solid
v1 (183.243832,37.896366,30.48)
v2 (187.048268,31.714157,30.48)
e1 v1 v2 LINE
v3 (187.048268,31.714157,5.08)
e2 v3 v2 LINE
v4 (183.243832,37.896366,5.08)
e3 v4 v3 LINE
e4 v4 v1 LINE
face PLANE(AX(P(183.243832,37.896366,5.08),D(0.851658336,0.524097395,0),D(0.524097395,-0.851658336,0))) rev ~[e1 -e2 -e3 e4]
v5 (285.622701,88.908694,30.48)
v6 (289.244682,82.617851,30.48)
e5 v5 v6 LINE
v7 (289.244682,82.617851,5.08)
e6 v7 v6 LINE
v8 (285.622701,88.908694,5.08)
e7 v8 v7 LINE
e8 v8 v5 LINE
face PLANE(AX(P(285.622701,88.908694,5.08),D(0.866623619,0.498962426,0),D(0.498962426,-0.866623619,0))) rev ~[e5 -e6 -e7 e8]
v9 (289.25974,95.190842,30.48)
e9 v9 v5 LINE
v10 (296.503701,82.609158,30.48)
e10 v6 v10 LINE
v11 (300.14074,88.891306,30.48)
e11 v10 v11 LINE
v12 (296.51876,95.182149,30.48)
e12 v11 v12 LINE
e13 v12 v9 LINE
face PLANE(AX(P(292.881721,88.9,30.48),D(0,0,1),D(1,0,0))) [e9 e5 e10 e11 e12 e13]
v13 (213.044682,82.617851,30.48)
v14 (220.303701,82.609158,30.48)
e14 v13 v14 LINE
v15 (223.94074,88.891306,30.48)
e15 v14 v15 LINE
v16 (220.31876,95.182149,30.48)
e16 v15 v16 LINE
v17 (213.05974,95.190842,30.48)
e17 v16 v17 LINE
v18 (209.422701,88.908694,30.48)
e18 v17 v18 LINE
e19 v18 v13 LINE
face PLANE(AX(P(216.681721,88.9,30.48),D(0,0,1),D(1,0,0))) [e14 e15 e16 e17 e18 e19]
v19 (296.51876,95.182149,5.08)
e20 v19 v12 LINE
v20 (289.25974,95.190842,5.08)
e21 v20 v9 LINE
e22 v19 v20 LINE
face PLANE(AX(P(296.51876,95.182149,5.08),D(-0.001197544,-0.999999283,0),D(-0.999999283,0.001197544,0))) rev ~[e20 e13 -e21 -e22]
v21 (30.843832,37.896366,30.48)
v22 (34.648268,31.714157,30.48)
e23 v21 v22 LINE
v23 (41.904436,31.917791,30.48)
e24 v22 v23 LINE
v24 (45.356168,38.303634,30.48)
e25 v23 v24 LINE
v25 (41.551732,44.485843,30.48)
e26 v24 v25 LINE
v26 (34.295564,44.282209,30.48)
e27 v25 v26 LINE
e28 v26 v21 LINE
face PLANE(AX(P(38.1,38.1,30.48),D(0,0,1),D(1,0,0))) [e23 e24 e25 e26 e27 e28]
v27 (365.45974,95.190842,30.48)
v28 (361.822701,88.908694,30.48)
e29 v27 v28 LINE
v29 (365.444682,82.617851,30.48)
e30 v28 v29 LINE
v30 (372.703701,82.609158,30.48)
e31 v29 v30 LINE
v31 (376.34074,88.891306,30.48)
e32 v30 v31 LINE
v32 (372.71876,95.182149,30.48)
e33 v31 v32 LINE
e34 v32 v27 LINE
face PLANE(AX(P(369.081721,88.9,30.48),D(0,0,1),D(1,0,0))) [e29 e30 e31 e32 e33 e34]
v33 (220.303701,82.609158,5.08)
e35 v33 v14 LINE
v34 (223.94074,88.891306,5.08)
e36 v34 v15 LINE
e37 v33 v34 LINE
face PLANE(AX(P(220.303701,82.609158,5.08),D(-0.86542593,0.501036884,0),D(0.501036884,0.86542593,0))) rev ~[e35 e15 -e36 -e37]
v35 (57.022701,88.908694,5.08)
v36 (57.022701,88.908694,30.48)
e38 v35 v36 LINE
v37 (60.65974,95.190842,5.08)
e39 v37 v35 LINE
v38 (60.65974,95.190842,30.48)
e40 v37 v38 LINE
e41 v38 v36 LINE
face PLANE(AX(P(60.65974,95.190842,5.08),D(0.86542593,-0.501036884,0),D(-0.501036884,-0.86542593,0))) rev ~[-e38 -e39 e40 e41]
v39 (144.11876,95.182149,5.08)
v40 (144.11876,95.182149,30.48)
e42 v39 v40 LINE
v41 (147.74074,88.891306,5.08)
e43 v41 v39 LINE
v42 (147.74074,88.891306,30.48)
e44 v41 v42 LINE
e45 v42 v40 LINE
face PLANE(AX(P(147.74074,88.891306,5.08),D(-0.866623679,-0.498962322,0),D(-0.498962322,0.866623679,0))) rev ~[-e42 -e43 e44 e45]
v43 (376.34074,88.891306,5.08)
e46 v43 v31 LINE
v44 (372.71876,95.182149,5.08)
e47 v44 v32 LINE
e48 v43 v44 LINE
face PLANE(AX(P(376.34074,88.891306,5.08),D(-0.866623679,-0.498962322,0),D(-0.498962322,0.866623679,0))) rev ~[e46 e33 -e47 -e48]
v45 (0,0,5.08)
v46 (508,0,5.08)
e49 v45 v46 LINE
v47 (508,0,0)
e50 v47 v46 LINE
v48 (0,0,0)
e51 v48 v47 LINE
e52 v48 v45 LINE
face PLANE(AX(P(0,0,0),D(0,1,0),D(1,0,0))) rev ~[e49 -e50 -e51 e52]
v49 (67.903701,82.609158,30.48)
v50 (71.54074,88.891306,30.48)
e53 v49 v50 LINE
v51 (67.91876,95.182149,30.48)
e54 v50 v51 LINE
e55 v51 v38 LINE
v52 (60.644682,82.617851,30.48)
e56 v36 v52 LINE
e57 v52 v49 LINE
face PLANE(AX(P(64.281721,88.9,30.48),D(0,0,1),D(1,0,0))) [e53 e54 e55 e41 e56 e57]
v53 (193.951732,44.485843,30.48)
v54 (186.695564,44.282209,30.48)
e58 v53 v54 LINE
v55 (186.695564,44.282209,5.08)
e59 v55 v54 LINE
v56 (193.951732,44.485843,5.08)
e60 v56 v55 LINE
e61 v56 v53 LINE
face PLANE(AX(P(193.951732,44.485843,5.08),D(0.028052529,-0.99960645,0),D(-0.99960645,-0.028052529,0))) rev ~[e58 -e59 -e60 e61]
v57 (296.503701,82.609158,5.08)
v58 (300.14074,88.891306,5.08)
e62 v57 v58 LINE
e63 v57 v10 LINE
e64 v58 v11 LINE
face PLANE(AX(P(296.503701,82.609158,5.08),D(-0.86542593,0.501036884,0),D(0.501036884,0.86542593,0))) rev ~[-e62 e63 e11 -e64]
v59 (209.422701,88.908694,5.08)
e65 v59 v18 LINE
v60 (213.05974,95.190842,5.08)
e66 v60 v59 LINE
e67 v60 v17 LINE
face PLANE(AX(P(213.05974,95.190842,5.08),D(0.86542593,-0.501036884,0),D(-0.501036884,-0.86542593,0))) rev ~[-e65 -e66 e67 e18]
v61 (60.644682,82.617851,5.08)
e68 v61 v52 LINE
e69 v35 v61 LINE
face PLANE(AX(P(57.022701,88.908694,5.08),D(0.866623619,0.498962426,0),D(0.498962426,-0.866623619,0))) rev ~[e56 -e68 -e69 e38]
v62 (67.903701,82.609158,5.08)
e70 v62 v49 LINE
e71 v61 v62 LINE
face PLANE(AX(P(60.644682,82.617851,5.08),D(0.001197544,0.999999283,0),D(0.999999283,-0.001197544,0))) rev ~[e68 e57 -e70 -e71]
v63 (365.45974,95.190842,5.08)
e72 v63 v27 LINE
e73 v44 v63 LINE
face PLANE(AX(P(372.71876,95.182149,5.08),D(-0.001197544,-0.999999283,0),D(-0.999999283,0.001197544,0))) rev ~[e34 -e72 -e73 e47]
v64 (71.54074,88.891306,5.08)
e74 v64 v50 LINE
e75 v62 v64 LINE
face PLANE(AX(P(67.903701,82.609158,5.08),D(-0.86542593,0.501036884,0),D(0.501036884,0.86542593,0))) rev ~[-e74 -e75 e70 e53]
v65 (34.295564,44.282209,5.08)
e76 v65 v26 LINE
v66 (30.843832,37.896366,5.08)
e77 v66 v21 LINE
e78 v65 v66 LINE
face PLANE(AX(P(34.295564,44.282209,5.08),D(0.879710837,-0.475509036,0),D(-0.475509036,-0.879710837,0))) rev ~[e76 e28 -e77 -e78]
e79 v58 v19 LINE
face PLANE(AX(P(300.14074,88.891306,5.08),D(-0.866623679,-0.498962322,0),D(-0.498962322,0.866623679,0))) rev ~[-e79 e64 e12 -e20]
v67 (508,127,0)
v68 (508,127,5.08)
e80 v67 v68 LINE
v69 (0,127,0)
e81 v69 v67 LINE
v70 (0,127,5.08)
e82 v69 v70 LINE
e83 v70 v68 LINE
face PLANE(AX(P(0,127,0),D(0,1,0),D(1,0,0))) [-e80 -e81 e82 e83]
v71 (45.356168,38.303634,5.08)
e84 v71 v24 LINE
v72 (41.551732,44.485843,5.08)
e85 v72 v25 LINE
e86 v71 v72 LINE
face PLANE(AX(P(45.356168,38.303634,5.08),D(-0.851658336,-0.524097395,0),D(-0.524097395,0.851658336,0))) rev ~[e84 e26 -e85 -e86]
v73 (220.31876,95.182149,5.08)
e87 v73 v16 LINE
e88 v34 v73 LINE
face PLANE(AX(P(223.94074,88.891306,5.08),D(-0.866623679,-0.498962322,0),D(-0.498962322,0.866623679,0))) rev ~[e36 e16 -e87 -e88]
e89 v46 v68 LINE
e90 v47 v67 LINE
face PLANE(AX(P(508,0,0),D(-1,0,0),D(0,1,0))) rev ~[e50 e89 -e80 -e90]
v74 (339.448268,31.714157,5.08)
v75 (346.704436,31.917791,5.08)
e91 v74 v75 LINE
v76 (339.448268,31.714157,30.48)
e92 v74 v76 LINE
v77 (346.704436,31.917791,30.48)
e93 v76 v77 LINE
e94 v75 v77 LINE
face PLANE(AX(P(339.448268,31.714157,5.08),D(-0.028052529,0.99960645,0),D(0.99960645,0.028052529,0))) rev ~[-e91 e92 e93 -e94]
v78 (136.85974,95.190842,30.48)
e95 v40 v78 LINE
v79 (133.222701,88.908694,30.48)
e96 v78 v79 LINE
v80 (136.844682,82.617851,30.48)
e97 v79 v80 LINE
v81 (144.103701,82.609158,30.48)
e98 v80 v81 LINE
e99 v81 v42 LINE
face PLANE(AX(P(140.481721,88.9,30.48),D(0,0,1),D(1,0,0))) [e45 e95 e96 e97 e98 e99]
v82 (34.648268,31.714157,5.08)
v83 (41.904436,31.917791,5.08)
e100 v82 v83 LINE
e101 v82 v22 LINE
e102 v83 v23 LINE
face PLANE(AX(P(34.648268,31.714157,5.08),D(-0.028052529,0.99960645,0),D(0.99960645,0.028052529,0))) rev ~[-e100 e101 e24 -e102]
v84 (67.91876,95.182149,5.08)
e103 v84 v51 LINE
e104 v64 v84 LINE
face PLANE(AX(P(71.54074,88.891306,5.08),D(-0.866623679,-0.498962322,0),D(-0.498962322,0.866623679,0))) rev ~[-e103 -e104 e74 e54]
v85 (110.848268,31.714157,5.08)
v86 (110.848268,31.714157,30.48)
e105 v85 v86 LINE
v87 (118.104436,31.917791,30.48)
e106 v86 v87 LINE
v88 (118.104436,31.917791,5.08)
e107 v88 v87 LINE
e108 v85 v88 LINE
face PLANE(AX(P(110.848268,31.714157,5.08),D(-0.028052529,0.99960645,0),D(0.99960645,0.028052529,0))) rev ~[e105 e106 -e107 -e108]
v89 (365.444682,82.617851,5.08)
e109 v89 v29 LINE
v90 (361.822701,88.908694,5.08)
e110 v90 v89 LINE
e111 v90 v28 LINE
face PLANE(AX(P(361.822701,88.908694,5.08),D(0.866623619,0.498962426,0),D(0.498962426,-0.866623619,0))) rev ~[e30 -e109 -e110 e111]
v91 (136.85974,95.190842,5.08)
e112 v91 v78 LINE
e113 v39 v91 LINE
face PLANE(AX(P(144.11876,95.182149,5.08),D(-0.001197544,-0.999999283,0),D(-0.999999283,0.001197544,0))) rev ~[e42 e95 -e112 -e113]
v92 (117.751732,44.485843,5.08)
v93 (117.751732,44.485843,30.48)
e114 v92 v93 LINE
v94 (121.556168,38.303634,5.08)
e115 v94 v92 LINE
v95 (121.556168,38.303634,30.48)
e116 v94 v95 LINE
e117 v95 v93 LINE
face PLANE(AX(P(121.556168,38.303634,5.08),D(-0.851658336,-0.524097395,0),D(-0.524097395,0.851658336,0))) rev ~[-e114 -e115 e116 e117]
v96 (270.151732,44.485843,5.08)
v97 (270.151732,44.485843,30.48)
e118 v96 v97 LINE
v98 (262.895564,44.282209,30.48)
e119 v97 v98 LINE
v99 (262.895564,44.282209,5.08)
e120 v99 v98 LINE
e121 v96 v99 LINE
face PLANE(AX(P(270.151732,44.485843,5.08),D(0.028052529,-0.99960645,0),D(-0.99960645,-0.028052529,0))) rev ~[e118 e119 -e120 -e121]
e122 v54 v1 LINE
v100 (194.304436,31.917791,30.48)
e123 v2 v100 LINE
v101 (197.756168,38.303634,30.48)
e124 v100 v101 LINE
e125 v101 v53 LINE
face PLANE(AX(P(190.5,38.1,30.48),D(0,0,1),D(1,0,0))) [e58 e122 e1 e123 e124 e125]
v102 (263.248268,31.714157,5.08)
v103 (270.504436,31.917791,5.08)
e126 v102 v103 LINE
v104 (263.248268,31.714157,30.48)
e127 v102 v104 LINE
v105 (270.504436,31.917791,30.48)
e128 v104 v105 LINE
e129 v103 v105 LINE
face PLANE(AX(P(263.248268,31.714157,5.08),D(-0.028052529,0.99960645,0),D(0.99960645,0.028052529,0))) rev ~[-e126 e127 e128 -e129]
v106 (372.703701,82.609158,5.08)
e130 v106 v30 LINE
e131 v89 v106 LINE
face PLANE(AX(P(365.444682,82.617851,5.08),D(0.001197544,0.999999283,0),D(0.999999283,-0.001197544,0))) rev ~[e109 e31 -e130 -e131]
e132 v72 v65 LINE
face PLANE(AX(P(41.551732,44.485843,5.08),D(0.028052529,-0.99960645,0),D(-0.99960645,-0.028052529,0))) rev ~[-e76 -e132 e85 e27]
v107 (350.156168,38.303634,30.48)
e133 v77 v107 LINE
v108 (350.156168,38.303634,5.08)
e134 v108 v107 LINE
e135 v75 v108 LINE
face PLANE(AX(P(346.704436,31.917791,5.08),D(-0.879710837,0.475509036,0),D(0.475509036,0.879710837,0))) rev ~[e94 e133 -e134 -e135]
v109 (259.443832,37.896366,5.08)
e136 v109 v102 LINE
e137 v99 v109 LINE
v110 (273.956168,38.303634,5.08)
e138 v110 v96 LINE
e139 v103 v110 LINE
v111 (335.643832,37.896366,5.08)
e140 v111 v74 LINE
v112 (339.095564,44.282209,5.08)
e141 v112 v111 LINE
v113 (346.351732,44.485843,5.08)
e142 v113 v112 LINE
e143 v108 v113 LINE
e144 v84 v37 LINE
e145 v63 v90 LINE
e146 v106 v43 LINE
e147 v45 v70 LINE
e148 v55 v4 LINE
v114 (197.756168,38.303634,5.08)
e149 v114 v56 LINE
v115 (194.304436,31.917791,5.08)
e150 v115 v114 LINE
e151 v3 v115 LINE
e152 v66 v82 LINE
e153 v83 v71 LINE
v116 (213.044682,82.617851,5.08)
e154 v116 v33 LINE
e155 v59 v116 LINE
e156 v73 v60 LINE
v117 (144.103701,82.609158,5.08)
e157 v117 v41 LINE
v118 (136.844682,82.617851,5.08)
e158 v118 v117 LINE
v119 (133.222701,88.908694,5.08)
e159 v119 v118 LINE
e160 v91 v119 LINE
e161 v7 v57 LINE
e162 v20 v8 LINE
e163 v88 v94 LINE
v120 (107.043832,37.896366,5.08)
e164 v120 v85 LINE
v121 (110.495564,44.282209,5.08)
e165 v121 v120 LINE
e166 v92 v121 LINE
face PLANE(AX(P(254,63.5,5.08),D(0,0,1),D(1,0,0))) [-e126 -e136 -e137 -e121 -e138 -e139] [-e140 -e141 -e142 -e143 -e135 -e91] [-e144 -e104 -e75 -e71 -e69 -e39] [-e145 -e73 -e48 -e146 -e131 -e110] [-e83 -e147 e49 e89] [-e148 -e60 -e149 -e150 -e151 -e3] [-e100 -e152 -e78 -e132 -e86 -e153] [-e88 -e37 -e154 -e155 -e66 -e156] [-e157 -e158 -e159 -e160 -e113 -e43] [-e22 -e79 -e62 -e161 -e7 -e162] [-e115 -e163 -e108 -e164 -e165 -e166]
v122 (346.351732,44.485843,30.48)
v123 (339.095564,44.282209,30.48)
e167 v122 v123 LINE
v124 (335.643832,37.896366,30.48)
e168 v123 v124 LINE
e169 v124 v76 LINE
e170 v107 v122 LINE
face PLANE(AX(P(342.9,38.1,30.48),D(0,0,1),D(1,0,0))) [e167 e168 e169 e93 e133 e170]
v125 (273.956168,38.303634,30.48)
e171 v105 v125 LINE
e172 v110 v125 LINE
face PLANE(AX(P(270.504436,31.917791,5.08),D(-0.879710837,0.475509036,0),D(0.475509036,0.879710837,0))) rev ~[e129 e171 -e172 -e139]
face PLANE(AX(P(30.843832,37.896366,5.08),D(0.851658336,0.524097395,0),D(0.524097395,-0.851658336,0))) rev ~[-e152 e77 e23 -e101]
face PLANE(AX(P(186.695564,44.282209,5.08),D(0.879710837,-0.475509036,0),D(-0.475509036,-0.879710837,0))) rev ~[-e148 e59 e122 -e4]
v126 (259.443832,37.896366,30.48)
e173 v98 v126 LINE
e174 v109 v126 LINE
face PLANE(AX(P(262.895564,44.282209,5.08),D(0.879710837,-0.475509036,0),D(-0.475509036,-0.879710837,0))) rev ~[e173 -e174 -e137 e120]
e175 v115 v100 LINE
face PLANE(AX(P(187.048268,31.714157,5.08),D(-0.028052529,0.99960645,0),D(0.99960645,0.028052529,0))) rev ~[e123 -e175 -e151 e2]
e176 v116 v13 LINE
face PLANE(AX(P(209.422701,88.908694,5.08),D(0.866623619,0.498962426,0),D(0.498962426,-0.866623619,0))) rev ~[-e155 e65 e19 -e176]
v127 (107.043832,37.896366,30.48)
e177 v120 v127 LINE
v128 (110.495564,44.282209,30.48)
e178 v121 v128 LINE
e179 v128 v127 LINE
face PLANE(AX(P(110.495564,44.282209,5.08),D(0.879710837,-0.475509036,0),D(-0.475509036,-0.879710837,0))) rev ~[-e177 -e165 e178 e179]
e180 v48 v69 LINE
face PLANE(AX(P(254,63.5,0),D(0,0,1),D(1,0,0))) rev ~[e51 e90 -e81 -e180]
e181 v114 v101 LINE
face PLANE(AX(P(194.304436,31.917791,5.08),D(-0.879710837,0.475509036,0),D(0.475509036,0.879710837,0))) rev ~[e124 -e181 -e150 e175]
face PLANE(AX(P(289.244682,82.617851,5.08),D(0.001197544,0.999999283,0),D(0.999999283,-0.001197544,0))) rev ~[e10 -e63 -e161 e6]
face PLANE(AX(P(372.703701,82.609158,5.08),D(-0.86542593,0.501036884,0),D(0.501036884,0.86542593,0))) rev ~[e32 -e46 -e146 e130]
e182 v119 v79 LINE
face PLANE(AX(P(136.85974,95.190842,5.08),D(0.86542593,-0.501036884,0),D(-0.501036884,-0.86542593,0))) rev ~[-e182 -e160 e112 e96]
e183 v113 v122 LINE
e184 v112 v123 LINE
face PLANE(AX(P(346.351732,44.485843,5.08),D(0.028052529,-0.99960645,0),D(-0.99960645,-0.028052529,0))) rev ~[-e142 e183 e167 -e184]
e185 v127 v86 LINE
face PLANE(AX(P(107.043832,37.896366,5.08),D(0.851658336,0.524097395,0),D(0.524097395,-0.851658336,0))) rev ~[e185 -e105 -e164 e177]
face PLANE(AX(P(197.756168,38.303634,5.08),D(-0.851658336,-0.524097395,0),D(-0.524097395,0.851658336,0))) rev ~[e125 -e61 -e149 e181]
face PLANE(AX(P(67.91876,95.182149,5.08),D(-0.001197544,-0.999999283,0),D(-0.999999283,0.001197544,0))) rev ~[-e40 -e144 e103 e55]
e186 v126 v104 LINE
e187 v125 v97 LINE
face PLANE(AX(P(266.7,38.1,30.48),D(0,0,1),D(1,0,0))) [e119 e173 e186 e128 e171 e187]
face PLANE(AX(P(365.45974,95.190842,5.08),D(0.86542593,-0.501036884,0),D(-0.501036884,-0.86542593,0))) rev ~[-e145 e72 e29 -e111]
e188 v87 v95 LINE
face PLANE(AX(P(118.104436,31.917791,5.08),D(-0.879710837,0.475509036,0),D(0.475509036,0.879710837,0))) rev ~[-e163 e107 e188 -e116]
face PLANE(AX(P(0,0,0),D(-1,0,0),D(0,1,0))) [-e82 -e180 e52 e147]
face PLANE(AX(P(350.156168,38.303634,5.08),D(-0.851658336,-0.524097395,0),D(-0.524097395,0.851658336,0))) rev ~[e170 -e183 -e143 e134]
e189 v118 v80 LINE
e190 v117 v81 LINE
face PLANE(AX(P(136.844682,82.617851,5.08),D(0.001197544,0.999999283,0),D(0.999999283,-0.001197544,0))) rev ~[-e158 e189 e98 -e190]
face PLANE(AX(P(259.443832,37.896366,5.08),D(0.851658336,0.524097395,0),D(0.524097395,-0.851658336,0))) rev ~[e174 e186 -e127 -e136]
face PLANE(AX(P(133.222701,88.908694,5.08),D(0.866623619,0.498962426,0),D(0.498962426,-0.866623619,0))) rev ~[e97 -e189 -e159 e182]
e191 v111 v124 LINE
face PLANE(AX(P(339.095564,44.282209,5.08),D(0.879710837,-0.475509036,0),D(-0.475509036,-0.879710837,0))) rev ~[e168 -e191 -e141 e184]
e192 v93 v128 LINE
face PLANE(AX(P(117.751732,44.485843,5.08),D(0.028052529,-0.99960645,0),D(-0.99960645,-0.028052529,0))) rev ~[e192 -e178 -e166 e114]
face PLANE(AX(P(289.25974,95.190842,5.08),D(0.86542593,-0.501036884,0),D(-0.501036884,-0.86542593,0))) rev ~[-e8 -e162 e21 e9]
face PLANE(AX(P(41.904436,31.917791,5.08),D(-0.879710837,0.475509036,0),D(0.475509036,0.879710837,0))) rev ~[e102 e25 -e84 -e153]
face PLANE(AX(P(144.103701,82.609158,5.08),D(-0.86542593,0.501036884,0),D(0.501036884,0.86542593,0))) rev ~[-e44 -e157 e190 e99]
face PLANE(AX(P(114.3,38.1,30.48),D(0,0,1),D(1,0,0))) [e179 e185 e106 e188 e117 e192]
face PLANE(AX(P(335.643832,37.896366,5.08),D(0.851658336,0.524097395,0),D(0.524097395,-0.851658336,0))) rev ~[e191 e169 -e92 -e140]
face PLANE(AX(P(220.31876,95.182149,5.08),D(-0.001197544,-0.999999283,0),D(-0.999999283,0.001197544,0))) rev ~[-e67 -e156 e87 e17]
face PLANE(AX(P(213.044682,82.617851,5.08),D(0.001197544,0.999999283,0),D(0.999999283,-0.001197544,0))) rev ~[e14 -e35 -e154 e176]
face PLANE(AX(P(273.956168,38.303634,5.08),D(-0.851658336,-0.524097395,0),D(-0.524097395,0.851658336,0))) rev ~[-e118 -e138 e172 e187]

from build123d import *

# Parameters (mm, degrees)
F0_W     = 508
F0_H     = 127
F1_DEPTH = 5.08
F3_DEPTH = 25.4


with BuildPart() as f1:
    # F0 (on Top) → F1 (new body)
    with BuildSketch(Plane.XY):
        with Locations((254, 63.5)):
            Rectangle(F0_W, F0_H)
    extrude(amount=F1_DEPTH)

    # F2 (on face) → F3 (join)
    with BuildSketch(Plane.XY.offset(5.08)):
        Polygon((45.356168, 38.303634), (41.551732, 44.485843), (34.295564, 44.282209), (30.843832, 37.896366), (34.648268, 31.714157), (41.904436, 31.917791), align=None)
        Polygon((67.903701, 82.609158), (71.54074, 88.891306), (67.91876, 95.182149), (60.65974, 95.190842), (57.022701, 88.908694), (60.644682, 82.617851), align=None)
        Polygon((144.11876, 95.182149), (136.85974, 95.190842), (133.222701, 88.908694), (136.844682, 82.617851), (144.103701, 82.609158), (147.74074, 88.891306), align=None)
        Polygon((110.848268, 31.714157), (118.104436, 31.917791), (121.556168, 38.303634), (117.751732, 44.485843), (110.495564, 44.282209), (107.043832, 37.896366), align=None)
        Polygon((220.31876, 95.182149), (213.05974, 95.190842), (209.422701, 88.908694), (213.044682, 82.617851), (220.303701, 82.609158), (223.94074, 88.891306), align=None)
        Polygon((187.048268, 31.714157), (194.304436, 31.917791), (197.756168, 38.303634), (193.951732, 44.485843), (186.695564, 44.282209), (183.243832, 37.896366), align=None)
        Polygon((296.51876, 95.182149), (289.25974, 95.190842), (285.622701, 88.908694), (289.244682, 82.617851), (296.503701, 82.609158), (300.14074, 88.891306), align=None)
        Polygon((263.248268, 31.714157), (270.504436, 31.917791), (273.956168, 38.303634), (270.151732, 44.485843), (262.895564, 44.282209), (259.443832, 37.896366), align=None)
        Polygon((372.71876, 95.182149), (365.45974, 95.190842), (361.822701, 88.908694), (365.444682, 82.617851), (372.703701, 82.609158), (376.34074, 88.891306), align=None)
        Polygon((339.448268, 31.714157), (346.704436, 31.917791), (350.156168, 38.303634), (346.351732, 44.485843), (339.095564, 44.282209), (335.643832, 37.896366), align=None)
    extrude(amount=F3_DEPTH)


solid = f1.part
